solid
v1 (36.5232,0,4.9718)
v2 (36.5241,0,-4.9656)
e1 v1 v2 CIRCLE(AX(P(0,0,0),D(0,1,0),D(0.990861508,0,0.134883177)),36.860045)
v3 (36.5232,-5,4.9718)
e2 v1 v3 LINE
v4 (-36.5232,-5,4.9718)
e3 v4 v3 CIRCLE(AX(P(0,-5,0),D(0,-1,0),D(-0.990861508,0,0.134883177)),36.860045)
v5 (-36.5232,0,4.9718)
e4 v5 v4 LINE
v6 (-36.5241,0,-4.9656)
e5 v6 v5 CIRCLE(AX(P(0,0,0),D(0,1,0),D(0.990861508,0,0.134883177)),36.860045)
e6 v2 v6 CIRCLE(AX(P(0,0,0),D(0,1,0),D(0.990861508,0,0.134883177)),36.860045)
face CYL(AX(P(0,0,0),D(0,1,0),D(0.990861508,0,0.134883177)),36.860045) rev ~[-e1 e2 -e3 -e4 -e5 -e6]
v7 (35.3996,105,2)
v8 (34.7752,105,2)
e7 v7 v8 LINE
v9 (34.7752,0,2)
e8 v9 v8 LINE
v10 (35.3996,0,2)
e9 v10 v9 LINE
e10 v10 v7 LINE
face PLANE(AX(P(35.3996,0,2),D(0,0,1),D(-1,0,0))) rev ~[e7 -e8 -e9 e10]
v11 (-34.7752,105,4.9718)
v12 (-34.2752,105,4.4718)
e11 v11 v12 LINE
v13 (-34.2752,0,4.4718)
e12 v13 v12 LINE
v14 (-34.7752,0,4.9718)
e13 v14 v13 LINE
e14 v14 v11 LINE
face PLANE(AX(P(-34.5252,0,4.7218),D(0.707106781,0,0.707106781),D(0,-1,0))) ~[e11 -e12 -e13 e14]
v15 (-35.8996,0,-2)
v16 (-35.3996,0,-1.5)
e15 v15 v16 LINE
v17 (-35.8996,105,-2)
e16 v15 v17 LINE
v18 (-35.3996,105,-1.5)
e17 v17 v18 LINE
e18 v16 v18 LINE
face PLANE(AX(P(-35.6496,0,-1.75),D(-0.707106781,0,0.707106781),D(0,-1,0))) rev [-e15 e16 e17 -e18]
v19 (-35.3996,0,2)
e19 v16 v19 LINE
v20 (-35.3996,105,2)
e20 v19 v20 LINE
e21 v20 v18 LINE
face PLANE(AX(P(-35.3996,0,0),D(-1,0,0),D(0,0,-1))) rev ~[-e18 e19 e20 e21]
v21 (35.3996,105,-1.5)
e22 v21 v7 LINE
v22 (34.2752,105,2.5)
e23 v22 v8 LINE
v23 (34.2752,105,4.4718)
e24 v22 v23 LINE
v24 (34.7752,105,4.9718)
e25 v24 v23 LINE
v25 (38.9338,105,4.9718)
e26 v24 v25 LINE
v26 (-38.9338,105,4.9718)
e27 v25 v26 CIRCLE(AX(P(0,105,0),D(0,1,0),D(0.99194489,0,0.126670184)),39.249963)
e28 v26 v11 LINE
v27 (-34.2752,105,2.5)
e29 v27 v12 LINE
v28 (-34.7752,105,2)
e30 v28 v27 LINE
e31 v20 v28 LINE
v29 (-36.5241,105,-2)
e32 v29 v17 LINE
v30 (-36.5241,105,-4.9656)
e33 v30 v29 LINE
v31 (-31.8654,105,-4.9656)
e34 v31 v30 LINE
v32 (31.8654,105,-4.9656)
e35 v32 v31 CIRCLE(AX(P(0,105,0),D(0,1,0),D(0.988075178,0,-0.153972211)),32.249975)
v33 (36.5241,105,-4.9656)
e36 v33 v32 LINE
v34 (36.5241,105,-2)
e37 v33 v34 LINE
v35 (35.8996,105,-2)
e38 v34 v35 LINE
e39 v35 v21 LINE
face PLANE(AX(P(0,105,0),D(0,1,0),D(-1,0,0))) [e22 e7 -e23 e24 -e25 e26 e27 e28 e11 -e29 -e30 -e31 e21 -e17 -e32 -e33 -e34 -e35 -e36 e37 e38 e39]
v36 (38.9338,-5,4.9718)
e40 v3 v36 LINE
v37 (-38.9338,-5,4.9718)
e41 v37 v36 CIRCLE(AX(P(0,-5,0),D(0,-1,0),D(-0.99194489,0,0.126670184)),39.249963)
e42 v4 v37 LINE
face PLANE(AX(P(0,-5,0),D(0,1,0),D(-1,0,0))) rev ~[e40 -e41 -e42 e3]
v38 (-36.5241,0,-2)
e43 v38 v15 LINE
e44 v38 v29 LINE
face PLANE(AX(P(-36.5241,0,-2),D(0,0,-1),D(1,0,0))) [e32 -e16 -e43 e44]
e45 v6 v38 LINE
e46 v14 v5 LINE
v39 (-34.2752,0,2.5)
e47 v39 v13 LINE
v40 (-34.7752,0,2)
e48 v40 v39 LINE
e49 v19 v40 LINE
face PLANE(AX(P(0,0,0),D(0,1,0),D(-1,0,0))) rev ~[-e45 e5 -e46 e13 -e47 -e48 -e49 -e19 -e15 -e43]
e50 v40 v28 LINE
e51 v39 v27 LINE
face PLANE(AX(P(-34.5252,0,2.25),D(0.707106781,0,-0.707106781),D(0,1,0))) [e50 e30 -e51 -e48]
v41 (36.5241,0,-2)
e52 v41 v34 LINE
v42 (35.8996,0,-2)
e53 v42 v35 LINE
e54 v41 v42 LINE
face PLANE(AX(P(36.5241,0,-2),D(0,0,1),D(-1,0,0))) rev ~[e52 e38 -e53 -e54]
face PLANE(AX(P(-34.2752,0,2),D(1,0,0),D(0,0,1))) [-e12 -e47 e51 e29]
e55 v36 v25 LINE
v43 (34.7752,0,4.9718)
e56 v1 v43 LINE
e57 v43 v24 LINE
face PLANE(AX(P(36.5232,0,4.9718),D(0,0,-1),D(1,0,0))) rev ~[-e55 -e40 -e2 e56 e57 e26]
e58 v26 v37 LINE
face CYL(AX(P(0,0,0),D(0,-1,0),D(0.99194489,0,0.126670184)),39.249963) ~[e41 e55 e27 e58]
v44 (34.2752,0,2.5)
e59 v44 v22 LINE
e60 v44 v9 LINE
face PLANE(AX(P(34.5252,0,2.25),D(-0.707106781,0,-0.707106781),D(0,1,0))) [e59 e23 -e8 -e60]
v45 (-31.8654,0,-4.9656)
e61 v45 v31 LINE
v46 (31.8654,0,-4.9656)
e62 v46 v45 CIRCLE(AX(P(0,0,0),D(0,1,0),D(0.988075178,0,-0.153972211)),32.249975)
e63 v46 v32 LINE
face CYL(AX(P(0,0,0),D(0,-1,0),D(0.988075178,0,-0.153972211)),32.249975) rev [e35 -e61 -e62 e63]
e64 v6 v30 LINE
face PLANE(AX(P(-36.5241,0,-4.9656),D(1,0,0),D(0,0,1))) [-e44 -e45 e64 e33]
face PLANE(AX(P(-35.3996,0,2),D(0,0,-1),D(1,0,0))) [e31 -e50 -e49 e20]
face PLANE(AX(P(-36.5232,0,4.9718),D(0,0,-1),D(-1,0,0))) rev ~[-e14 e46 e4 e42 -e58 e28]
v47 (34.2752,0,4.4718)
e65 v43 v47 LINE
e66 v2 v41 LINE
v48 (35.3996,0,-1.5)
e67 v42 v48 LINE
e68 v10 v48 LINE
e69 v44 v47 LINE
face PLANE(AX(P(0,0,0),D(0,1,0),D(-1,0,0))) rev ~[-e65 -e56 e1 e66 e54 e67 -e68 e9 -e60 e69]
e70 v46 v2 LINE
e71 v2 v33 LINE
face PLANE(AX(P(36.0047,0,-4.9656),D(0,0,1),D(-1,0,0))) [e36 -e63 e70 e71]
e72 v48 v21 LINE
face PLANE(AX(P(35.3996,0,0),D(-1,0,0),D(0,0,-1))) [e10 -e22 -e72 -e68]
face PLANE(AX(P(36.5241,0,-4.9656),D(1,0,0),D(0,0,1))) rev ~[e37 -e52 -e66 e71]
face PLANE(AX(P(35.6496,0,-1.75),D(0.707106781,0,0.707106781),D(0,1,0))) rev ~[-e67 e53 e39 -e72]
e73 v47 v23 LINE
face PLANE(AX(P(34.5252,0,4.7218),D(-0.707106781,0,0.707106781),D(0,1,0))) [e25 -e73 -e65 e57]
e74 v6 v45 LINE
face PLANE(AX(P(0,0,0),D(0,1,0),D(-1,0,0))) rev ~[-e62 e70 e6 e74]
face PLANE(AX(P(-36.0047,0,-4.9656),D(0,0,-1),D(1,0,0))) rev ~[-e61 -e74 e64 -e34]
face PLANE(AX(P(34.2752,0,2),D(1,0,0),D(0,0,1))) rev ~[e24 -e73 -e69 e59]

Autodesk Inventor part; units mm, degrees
ref_plane "YZ Plane" through (0, 0, 0) normal (1, 0, 0) x (0, 1, 0)
ref_plane "XZ Plane" through (0, 0, 0) normal (0, 1, 0) x (-1, 0, 0)
ref_plane "XY Plane" through (0, 0, 0) normal (0, 0, 1) x (1, 0, 0)
sketch "Sketch1" plane through (0, 0, 0) normal (0, 1, 0) x (-1, 0, 0)
  arc A0 (-31.8654, -4.9656) -> (31.8654, -4.9656) centre (0, 0) ccw
  arc A1 (-38.9338, 4.9718) -> (38.9338, 4.9718) centre (0, 0) ccw
  line L0 (39.25, 0) -> (-39.25, 0)
  line L1 (35.3996, 0) -> (35.3996, 2)
  line L2 (35.3996, 2) -> (35.3996, -2)
  line L3 (36.0047, -4.9656) -> (31.8654, -4.9656)
  line L4 (34.7945, 4.9718) -> (38.9338, 4.9718)
  line L5 (35.3996, 2) -> (34.2752, 2)
  line L6 (34.2752, 2) -> (34.2752, 4.9718)
  line L7 (34.2752, 4.9718) -> (34.7945, 4.9718)
  line L8 (36.0047, -4.9656) -> (36.5241, -4.9656)
  line L9 (36.5241, -4.9656) -> (36.5241, -2)
  line L10 (36.5241, -2) -> (35.3996, -2)
  line L11 (0, 0) -> (0, -17)
  line L12 (-35.3996, 0) -> (-35.3996, 2)
  line L13 (-35.3996, 2) -> (-35.3996, -2)
  line L14 (-36.0047, -4.9656) -> (-31.8654, -4.9656)
  line L15 (-34.7945, 4.9718) -> (-38.9338, 4.9718)
  line L16 (-35.3996, 2) -> (-34.2752, 2)
  line L17 (-34.2752, 2) -> (-34.2752, 4.9718)
  line L18 (-34.2752, 4.9718) -> (-34.7945, 4.9718)
  line L19 (-36.0047, -4.9656) -> (-36.5241, -4.9656)
  line L20 (-36.5241, -4.9656) -> (-36.5241, -2)
  line L21 (-36.5241, -2) -> (-35.3996, -2)
  arc A2 (-38.9338, 4.9718) -> (38.9338, 4.9718) centre (0, 0) ccw
  arc A3 (-36.5232, 4.9718) -> (36.5232, 4.9718) centre (0, 0) ccw
  line L22 (-36.5232, 4.9718) -> (-38.9338, 4.9718)
  line L23 (38.9338, 4.9718) -> (36.5232, 4.9718)
  dimension "d0" = 64.5
  dimension "d1" = 7
extrude "Extrusion1" add sketch "Sketch1" along normal blind 105 contours A0 L3 L8 A3 L19 L14 | A3 L0 L13 L21 L20 | A3 L0 A1 | L9 L10 L2 L0 A3 | A3 L15 L18 L17 L16 L12 L0 | L0 A1 L15 A3 | A3 L4 A1 L0 | L0 L1 L5 L6 L7 L4 A3
chamfer "Chamfer1" distance 0.5 angle 45 6 edges at (-34.2752, 52.5, 2) (-35.3996, 52.5, -2) (-34.2752, 52.5, 4.9718) (35.3996, 52.5, -2) (34.2752, 52.5, 2) (34.2752, 52.5, 4.9718)
extrude "Extrusion2" add sketch "Sketch1" against normal blind 5 contours A3 L0 A1 | L0 A1 L15 A3 | A3 L4 A1 L0
properties part number "cyl outer"
